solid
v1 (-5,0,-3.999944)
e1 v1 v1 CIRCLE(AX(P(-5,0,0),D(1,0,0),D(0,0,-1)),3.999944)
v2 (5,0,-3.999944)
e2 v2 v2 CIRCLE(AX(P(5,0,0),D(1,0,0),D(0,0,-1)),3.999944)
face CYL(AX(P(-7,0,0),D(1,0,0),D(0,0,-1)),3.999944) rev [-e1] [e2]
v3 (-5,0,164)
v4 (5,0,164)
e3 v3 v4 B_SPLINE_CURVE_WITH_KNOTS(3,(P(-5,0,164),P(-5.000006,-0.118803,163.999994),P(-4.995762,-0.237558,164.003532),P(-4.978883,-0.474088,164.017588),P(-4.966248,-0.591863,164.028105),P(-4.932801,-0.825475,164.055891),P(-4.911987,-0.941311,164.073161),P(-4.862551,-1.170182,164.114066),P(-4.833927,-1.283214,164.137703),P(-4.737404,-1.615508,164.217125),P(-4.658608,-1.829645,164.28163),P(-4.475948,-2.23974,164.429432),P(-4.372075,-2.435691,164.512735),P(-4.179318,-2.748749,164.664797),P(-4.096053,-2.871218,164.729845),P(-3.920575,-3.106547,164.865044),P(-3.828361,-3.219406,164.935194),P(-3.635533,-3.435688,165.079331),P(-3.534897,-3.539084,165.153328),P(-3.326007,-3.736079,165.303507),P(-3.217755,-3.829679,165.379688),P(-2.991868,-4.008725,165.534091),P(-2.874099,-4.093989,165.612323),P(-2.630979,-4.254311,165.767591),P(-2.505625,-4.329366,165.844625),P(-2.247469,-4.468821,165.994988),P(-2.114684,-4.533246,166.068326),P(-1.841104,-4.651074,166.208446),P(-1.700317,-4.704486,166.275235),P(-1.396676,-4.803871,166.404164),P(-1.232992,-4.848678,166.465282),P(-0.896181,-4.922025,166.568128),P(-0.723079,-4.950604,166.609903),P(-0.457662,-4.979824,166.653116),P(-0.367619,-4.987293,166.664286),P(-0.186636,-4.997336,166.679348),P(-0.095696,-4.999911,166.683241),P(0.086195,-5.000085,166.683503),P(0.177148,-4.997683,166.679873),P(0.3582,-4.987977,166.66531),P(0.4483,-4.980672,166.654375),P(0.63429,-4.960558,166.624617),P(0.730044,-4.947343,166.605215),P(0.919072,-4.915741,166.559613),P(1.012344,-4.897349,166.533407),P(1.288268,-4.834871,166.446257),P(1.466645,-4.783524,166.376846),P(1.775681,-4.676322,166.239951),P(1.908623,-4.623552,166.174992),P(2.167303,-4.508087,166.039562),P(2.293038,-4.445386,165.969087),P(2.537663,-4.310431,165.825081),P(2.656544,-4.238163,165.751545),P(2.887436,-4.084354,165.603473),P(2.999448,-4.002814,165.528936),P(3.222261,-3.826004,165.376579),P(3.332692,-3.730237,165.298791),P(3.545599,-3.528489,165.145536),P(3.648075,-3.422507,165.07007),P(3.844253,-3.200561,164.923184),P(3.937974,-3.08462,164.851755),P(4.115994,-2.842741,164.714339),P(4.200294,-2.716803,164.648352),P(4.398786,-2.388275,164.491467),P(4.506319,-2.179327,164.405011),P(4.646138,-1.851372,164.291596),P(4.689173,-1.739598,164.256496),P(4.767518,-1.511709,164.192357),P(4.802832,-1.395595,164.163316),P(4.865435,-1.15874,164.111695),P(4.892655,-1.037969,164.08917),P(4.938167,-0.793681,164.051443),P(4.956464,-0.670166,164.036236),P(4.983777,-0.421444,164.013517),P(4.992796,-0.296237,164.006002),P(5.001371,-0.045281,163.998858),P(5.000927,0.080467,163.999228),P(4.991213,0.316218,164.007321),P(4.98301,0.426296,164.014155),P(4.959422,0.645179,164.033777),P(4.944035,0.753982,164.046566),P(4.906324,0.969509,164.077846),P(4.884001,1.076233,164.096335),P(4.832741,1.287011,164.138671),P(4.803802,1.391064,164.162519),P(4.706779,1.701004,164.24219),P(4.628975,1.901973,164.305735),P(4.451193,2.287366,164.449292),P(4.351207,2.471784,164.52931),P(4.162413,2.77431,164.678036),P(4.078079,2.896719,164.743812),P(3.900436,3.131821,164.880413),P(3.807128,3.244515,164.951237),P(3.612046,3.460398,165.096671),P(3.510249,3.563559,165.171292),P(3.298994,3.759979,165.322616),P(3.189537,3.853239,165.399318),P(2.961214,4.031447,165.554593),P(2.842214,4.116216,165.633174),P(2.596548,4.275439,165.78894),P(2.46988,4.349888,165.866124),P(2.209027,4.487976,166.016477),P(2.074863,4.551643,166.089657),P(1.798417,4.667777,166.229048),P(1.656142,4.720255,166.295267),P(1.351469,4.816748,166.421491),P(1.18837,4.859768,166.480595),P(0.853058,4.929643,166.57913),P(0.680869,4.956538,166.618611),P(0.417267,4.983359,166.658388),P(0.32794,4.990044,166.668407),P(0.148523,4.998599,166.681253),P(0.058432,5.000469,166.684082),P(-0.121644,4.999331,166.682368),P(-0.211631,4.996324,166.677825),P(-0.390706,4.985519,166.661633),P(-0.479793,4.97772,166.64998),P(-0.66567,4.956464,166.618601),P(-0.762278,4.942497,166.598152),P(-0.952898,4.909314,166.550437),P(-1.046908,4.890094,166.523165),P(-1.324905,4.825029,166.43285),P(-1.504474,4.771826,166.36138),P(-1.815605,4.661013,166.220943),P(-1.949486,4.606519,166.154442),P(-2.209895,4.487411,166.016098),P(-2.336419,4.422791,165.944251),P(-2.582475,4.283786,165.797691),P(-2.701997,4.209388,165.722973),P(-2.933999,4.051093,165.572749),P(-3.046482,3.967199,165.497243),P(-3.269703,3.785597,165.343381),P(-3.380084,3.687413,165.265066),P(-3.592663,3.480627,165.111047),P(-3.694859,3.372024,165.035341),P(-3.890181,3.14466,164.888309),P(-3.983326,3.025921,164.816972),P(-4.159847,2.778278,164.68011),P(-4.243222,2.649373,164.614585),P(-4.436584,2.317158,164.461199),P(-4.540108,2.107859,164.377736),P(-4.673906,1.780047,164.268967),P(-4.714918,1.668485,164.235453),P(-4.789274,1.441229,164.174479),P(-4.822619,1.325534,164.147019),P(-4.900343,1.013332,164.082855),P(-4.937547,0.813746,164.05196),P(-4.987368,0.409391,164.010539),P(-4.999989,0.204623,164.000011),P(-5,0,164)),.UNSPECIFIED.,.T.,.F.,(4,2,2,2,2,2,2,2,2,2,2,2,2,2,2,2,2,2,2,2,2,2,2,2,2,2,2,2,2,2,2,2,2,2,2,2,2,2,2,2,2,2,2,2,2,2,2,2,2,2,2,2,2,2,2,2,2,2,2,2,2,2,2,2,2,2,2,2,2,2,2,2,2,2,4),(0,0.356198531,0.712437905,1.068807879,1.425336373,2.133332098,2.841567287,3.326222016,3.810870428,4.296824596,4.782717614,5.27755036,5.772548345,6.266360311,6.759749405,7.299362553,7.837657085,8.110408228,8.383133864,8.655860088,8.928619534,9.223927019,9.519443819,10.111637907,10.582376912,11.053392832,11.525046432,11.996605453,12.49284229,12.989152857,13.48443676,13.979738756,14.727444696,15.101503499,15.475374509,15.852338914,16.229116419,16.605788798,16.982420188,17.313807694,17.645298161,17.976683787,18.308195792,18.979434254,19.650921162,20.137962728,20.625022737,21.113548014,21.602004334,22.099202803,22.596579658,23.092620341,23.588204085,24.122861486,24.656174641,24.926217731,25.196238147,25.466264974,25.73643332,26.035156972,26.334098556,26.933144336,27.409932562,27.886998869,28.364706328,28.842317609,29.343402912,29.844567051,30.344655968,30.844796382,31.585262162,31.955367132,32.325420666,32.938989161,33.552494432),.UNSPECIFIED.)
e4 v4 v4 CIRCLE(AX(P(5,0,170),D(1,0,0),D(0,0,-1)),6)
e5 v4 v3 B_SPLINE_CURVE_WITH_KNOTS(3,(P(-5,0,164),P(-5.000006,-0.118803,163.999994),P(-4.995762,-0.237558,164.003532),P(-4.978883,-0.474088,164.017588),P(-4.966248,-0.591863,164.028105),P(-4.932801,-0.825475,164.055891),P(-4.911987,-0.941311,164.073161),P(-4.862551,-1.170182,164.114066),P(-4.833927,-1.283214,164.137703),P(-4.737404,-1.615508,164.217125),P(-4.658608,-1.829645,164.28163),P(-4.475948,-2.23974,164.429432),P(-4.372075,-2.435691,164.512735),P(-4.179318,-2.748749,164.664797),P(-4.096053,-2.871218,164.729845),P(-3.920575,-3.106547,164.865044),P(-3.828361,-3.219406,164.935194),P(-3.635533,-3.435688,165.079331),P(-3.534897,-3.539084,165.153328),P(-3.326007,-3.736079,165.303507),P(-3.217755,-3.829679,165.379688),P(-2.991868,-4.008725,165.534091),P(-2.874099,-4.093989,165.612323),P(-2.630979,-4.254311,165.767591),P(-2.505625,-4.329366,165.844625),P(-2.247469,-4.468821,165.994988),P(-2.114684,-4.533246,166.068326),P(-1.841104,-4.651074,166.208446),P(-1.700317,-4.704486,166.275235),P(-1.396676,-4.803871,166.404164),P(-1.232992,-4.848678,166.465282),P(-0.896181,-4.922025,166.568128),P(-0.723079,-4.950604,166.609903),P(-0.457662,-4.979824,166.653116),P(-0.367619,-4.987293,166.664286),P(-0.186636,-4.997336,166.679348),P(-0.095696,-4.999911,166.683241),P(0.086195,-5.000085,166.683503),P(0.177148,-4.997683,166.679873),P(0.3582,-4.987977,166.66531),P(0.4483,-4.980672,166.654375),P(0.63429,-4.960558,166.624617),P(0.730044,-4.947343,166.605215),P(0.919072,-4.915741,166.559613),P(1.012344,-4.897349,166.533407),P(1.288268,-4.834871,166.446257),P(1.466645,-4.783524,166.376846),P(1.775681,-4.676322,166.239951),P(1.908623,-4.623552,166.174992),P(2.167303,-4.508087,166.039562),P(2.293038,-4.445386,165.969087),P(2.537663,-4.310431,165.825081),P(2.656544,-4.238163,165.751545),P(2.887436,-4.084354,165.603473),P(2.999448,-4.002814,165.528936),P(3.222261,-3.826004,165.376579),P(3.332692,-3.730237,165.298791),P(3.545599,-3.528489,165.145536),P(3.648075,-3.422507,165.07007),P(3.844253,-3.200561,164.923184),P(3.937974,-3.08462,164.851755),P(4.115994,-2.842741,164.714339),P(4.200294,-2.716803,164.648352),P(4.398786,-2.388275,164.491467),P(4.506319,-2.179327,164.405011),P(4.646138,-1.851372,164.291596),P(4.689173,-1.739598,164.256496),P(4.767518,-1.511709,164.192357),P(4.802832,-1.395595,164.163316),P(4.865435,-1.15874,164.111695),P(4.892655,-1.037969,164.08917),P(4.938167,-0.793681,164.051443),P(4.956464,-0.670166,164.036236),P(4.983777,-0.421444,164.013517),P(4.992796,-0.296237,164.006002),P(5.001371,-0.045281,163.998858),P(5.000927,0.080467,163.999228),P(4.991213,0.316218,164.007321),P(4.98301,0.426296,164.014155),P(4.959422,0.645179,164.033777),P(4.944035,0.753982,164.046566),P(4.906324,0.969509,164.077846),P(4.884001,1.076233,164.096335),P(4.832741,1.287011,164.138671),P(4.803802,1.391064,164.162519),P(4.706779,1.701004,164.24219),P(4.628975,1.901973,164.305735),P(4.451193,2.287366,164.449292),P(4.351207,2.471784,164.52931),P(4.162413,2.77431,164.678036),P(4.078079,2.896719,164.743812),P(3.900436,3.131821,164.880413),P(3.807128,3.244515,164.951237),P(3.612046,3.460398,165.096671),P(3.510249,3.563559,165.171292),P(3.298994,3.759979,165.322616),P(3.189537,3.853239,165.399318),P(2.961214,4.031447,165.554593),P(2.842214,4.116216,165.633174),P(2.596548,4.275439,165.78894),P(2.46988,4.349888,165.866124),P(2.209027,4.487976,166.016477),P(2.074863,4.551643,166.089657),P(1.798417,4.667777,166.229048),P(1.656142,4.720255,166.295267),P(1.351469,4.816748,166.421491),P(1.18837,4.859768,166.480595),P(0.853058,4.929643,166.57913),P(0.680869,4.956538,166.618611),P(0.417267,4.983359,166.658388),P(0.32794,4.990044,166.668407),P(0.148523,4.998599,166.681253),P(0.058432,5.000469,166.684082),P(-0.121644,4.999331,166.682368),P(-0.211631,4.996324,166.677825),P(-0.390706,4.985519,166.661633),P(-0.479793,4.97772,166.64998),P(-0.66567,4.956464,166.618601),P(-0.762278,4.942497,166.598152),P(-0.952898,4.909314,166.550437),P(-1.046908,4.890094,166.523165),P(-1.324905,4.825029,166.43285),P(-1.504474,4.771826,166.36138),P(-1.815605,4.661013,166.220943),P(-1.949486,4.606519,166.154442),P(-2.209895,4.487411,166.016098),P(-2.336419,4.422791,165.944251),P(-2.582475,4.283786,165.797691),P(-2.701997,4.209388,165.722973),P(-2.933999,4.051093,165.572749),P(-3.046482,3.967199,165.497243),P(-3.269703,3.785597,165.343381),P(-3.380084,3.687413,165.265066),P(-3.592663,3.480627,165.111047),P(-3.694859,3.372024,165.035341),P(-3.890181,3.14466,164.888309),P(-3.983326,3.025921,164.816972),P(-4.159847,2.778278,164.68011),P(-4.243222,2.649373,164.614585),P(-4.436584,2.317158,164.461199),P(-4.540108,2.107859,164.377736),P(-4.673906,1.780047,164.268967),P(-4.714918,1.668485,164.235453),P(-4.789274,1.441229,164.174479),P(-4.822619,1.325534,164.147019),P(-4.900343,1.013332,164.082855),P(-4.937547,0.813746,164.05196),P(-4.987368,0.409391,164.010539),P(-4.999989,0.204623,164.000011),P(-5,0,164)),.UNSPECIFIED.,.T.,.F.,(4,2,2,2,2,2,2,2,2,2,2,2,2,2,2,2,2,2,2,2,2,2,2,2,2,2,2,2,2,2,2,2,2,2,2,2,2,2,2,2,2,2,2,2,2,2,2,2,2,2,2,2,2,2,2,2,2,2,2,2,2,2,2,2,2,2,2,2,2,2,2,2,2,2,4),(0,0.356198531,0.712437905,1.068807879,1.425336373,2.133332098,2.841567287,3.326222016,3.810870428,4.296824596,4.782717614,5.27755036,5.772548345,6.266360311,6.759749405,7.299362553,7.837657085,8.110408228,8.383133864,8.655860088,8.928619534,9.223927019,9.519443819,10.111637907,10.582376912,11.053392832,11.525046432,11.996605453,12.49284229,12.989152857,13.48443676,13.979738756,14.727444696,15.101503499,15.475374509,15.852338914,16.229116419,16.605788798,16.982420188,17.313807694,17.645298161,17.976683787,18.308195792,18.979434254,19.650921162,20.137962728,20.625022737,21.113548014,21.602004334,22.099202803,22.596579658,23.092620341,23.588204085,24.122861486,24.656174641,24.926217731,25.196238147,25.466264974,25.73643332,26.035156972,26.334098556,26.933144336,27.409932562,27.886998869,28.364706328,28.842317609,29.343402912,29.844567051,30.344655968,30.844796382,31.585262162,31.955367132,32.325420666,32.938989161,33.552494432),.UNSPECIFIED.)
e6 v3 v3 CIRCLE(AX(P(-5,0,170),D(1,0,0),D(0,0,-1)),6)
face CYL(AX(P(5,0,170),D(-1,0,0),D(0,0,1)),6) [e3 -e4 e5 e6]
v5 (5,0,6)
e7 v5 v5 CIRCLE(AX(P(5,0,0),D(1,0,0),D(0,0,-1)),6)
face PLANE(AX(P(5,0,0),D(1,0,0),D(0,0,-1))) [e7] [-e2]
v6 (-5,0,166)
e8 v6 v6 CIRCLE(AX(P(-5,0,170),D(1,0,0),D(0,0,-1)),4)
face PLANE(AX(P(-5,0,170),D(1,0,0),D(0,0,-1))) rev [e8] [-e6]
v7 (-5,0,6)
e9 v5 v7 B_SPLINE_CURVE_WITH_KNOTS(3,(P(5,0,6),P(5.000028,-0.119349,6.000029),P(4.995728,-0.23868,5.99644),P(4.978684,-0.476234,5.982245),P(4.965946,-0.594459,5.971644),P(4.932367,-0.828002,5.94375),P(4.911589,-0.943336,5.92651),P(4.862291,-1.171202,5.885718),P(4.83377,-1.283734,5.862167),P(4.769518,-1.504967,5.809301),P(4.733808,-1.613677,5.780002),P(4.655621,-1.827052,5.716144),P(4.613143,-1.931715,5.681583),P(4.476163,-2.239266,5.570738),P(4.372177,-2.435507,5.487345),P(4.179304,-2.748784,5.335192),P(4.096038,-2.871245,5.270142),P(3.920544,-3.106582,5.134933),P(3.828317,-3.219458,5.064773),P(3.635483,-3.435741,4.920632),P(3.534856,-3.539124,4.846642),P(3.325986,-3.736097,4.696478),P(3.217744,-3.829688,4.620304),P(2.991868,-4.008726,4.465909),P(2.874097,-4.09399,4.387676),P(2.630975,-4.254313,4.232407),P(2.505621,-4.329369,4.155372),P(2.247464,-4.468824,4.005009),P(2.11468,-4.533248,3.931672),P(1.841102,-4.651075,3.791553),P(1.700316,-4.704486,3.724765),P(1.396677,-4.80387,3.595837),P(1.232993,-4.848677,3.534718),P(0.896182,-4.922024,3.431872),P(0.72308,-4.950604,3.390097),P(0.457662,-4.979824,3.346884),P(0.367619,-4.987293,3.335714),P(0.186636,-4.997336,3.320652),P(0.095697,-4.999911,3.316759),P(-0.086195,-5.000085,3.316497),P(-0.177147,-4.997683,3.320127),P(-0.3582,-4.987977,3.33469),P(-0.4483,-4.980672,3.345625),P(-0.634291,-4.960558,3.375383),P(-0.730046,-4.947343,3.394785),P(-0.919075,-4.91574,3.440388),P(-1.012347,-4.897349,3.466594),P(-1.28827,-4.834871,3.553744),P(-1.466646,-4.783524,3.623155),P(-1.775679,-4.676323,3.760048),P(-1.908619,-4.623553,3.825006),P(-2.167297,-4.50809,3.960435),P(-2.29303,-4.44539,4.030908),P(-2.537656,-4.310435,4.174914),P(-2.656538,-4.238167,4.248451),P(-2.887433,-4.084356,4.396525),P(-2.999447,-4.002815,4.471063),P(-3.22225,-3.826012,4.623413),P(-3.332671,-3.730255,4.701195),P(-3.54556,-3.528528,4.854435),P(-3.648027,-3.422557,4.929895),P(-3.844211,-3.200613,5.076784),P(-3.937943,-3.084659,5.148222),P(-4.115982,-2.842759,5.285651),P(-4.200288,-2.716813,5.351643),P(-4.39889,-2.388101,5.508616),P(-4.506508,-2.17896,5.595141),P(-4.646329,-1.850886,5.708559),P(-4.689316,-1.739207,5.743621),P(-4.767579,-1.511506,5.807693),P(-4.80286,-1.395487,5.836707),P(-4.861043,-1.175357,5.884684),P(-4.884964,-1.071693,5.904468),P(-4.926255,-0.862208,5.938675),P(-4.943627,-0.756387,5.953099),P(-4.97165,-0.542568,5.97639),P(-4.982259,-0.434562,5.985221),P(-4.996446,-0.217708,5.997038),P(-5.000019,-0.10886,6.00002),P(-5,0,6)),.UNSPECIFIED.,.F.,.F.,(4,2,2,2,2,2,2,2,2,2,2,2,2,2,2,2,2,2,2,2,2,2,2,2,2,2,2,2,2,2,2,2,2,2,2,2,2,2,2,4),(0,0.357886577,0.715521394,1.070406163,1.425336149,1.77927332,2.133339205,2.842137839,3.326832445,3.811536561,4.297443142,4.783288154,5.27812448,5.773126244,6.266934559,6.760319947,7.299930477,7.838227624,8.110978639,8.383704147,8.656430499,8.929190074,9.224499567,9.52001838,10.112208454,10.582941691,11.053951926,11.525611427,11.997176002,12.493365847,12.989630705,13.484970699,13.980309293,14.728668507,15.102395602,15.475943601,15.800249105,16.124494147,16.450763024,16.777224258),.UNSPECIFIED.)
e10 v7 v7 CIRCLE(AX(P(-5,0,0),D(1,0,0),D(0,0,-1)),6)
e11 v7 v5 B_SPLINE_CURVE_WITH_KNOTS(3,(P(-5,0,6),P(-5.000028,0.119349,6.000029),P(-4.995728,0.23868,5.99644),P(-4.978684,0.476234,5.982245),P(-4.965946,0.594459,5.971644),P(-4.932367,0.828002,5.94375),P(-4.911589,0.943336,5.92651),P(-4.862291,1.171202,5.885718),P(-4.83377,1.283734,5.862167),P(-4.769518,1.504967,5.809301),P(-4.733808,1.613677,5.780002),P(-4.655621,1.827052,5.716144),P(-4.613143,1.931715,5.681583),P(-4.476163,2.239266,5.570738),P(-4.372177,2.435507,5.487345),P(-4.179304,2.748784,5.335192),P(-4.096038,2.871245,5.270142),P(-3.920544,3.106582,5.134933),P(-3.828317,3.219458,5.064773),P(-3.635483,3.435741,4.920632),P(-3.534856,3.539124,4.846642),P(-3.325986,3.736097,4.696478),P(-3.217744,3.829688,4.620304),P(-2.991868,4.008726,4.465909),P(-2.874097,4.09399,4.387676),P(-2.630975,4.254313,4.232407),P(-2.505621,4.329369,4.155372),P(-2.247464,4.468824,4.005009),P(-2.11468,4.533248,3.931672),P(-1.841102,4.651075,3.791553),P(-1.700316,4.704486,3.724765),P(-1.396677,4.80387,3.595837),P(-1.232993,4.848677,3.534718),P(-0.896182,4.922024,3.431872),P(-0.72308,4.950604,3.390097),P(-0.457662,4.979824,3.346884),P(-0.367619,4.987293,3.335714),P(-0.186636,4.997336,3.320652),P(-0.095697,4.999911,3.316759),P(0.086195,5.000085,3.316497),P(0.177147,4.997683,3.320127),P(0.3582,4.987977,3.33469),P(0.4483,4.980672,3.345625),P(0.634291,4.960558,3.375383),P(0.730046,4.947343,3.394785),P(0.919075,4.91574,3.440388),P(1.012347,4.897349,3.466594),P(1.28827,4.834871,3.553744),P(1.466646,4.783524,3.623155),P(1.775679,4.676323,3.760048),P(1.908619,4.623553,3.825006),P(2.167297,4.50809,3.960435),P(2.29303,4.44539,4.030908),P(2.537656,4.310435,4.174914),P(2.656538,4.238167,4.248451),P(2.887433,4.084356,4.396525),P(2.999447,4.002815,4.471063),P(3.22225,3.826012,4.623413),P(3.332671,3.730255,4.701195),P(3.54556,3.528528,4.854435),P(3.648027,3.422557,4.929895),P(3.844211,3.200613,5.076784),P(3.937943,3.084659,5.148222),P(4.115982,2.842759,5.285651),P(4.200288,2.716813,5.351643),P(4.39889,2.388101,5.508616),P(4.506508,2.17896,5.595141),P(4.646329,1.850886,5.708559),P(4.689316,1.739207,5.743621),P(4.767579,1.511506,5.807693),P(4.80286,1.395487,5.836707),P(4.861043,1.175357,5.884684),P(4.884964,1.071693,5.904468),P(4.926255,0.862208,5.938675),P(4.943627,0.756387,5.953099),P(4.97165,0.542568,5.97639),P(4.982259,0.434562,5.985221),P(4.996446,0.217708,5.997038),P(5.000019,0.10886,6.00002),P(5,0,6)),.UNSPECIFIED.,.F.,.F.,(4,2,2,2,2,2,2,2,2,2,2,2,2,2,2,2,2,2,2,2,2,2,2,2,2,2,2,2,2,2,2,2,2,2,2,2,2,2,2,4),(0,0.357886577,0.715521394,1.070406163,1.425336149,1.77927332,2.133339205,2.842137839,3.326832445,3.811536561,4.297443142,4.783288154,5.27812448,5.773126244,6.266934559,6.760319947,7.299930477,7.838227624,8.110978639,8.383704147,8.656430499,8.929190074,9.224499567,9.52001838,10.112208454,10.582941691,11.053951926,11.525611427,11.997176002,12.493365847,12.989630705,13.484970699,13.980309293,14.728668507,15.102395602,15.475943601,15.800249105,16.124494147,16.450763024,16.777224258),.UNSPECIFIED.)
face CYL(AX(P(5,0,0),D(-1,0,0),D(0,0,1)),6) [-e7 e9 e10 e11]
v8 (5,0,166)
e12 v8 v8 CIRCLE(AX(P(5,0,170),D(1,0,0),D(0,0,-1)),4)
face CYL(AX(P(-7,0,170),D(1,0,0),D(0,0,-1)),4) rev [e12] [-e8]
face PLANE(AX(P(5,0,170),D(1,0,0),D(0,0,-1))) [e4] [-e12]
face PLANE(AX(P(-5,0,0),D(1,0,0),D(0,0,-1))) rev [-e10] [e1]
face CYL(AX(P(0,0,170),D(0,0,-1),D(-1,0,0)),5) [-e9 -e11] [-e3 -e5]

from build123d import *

# Parameters (mm, degrees)
SKETCH3_R           = 5
BOSS_EXTRUDE1_DEPTH = 170
SKETCH4_R           = 6
BOSS_EXTRUDE2_DEPTH = 5
SKETCH5_R           = 4
SKETCH5_R_2         = 3.999944286
CUT_EXTRUDE1_DEPTH  = 12


with BuildPart() as part:
    # Sketch3 → Boss-Extrude1 (new body)
    with BuildSketch(Plane.XY):
        Circle(SKETCH3_R)
    extrude(amount=BOSS_EXTRUDE1_DEPTH)

    # Sketch4 → Boss-Extrude2 (add, symmetric)
    with BuildSketch(Plane(origin=(0, 0, 0), x_dir=(0, 0, -1), z_dir=(1, 0, 0))):
        with Locations((-170, 0)):
            Circle(SKETCH4_R)
        Circle(SKETCH4_R)
    extrude(amount=BOSS_EXTRUDE2_DEPTH, both=True)

    # Sketch5 → Cut-Extrude1 (cut)
    with BuildSketch(Plane(origin=(5, 0, 0), x_dir=(0, 0, -1), z_dir=(1, 0, 0))):
        with Locations((-170, 0)):
            Circle(SKETCH5_R)
        Circle(SKETCH5_R_2)
    extrude(amount=-CUT_EXTRUDE1_DEPTH, mode=Mode.SUBTRACT)


solid = part.part
